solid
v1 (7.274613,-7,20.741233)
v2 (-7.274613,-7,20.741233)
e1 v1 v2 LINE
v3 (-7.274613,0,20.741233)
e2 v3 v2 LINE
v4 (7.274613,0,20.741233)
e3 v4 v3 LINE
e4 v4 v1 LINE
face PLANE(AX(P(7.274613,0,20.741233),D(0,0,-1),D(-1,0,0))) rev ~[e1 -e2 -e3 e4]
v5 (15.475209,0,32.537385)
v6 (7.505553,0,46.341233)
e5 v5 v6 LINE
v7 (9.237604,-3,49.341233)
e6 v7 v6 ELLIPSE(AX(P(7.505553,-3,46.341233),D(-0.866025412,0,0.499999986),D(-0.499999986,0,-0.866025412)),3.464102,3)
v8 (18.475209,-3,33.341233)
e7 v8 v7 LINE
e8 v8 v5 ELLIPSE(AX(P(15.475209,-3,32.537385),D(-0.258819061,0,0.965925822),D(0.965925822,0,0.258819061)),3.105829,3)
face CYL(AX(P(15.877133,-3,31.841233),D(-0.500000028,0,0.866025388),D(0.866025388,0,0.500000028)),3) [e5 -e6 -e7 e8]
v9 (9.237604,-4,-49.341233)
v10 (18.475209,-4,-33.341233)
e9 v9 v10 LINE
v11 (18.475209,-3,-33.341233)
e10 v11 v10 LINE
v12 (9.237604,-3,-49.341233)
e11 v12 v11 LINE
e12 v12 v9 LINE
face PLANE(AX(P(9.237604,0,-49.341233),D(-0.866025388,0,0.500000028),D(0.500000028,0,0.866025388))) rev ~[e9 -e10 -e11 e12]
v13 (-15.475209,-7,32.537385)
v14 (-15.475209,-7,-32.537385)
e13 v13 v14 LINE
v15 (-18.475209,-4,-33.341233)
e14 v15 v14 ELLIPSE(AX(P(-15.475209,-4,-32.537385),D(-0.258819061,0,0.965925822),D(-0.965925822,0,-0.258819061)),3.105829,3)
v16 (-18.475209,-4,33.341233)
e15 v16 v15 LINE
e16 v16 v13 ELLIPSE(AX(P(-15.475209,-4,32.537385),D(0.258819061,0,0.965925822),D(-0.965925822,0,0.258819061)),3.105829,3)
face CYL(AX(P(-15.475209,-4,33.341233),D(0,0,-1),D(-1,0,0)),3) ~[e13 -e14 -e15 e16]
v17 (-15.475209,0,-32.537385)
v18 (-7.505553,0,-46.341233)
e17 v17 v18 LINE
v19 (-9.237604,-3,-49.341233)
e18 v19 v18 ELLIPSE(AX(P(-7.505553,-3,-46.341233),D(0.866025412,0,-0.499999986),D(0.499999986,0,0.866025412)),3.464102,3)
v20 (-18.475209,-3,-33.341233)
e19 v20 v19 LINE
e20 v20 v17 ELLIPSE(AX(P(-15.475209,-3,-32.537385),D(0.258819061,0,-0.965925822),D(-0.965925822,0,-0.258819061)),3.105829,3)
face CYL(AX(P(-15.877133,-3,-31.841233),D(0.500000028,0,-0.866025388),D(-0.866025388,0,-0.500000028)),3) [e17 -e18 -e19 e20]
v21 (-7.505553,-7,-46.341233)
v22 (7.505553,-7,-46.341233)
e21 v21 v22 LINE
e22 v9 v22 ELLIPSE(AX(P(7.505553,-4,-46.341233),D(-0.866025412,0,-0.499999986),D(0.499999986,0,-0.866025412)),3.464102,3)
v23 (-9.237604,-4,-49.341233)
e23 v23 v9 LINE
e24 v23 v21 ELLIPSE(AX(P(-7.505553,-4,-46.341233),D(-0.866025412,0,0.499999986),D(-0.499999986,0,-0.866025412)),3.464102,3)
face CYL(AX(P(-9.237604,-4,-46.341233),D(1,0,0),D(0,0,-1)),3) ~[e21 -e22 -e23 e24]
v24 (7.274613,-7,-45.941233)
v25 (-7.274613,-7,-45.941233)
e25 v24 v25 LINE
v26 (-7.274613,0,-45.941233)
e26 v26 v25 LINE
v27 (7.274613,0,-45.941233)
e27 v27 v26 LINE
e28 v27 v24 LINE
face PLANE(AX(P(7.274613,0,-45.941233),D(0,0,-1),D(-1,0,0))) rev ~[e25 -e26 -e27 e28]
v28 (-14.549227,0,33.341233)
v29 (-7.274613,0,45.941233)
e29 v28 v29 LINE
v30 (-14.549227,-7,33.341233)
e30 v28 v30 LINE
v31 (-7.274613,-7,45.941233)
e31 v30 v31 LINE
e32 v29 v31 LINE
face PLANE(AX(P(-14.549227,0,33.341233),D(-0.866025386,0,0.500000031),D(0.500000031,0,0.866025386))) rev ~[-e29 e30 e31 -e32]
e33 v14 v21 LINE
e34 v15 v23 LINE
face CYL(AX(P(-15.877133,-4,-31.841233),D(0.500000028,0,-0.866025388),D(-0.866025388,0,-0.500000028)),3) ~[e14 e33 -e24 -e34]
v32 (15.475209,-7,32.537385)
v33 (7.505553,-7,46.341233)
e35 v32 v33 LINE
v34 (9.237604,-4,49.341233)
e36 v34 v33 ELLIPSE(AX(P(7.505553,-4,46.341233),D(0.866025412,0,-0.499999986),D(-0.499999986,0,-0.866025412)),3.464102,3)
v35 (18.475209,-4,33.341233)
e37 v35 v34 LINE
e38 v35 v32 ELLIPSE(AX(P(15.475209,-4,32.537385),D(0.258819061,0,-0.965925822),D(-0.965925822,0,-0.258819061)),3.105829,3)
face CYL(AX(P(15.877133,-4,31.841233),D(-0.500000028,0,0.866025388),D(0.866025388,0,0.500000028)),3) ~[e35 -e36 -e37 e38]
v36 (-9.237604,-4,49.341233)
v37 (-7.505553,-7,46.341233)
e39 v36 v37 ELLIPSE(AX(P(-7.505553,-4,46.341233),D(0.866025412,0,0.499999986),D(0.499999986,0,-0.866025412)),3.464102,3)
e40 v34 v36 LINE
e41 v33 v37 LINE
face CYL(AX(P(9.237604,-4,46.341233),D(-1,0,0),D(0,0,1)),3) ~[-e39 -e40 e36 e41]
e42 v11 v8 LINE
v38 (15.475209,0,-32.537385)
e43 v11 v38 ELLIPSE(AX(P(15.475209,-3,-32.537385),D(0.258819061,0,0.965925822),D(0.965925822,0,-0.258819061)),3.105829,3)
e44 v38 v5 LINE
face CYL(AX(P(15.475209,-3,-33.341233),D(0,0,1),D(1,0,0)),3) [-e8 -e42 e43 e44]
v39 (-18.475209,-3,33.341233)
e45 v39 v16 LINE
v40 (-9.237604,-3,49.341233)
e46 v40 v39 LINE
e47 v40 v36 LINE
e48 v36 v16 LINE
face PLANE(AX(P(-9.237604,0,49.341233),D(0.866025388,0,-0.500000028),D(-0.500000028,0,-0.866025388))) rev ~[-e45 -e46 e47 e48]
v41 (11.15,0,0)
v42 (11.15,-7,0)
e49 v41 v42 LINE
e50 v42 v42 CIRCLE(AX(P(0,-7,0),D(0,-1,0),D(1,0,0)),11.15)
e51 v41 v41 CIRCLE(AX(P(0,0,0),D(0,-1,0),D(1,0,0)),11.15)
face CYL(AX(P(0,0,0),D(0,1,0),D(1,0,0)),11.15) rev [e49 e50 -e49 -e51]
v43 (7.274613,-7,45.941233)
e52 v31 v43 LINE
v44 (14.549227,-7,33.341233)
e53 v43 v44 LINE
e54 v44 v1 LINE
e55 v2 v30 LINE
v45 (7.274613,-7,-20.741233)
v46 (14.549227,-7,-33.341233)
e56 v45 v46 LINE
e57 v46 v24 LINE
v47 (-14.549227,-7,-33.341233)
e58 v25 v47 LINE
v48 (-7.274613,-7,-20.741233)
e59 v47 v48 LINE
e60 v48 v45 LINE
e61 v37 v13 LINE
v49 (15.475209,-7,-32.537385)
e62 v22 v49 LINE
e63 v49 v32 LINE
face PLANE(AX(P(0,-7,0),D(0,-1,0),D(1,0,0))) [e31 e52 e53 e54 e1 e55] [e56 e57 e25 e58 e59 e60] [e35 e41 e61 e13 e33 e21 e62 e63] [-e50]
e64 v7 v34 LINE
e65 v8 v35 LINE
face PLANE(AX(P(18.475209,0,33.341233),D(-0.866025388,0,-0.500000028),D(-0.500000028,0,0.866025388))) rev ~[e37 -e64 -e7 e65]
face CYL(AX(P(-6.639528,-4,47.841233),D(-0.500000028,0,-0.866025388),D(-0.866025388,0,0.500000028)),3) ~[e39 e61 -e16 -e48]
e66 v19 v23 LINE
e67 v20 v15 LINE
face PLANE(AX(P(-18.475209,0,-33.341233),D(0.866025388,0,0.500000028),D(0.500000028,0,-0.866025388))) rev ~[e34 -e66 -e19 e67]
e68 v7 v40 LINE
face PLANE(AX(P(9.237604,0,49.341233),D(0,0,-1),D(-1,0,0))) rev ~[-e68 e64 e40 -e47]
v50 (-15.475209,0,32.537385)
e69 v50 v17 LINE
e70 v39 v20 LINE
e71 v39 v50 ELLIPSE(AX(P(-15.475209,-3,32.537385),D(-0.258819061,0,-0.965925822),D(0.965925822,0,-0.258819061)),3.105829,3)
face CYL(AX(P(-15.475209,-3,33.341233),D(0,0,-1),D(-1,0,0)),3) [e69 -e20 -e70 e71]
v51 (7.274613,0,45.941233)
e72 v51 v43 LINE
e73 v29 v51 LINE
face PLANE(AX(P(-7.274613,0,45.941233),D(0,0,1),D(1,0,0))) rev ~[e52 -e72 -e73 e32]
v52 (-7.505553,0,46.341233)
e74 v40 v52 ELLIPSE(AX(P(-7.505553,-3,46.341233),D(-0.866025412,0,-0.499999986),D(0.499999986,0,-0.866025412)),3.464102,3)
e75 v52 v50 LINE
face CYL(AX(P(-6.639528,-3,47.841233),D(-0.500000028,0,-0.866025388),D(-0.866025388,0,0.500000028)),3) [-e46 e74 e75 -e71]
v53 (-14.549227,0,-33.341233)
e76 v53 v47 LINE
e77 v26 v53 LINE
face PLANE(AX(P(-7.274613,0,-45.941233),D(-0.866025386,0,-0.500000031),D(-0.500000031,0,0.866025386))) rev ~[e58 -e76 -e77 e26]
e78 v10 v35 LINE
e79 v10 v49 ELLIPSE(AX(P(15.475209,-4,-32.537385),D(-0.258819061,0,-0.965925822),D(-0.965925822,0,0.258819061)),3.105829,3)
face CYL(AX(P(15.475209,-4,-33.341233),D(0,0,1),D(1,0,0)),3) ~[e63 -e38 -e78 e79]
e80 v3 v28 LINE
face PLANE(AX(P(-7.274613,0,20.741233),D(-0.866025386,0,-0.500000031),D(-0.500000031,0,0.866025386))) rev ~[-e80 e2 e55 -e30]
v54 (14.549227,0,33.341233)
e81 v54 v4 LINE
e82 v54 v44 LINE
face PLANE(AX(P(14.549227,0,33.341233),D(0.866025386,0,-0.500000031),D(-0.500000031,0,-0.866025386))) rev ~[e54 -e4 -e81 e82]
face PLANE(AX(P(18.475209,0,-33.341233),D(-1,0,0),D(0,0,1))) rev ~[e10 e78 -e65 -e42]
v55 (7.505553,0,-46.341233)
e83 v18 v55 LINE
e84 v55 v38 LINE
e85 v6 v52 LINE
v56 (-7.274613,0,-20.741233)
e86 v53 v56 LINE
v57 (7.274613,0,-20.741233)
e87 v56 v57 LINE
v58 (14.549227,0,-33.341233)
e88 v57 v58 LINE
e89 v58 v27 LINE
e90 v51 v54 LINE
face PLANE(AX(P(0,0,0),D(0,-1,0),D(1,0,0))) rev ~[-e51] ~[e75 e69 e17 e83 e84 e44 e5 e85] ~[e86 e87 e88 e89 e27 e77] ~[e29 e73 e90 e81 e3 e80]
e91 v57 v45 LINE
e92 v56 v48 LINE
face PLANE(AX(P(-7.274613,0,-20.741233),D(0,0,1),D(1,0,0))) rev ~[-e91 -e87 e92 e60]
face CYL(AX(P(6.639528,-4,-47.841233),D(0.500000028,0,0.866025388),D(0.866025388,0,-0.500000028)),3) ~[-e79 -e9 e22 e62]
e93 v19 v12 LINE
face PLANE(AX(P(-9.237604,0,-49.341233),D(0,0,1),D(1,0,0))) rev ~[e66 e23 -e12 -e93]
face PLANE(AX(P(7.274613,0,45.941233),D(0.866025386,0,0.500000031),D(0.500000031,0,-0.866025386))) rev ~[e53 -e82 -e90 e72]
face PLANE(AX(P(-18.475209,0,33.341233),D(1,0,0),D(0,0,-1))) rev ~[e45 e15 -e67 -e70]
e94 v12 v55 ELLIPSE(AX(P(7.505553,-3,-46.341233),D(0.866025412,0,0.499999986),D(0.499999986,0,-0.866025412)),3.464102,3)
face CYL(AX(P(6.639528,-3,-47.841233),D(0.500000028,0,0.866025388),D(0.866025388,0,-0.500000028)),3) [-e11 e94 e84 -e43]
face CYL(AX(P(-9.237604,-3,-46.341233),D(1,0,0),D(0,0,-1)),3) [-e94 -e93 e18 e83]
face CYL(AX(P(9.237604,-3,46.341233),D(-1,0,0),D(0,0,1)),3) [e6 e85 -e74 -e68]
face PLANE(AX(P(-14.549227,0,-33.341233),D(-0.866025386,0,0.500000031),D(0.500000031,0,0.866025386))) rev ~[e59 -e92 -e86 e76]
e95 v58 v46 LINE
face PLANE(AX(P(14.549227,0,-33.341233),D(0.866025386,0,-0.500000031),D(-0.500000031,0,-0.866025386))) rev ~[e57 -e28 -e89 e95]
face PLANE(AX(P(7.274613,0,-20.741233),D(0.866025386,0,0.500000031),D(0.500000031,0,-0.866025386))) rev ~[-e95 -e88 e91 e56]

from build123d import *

# Parameters (mm, degrees)
F0_R     = 14.5
F0_R_2   = 11.15
F1_DEPTH = 7
F2_R     = 3


with BuildPart() as f1:
    # F0 (on Front) → F1 (new body)
    with BuildSketch(Plane.XZ):
        Polygon((18.475209, 33.341233), (9.237604, 17.341233), (-9.237604, 17.341233), (-18.475209, 33.341233), (-18.475209, -33.341233), (-9.237604, -17.341233), (9.237604, -17.341233), (18.475209, -33.341233), align=None)
        Circle(F0_R, mode=Mode.SUBTRACT)
        Polygon((-9.237604, 17.341233), (9.237604, 17.341233), (18.475209, 33.341233), (9.237604, 49.341233), (-9.237604, 49.341233), (-18.475209, 33.341233), align=None)
        Polygon((14.549227, 33.341233), (7.274613, 20.741233), (-7.274613, 20.741233), (-14.549227, 33.341233), (-7.274613, 45.941233), (7.274613, 45.941233), align=None, mode=Mode.SUBTRACT)
        Polygon((9.237604, -49.341233), (18.475209, -33.341233), (9.237604, -17.341233), (-9.237604, -17.341233), (-18.475209, -33.341233), (-9.237604, -49.341233), align=None)
        Polygon((-14.549227, -33.341233), (-7.274613, -20.741233), (7.274613, -20.741233), (14.549227, -33.341233), (7.274613, -45.941233), (-7.274613, -45.941233), align=None, mode=Mode.SUBTRACT)
        Circle(F0_R)
        Circle(F0_R_2, mode=Mode.SUBTRACT)
    extrude(amount=F1_DEPTH)

    # F2
    f2_edges = [f1.edges().sort_by_distance(p)[0] for p in [
        (-13.856406, -7, 41.341233),
        (0, -7, 49.341233),
        (13.856406, -7, 41.341233),
        (18.475209, -7, 0),
        (-18.475209, -7, 0),
        (-13.856406, -7, -41.341233),
        (0, -7, -49.341233),
        (13.856406, -7, -41.341233),
        (0, 0, -49.341233),
        (13.856406, 0, -41.341233),
        (18.475209, 0, 0),
        (-18.475209, 0, 0),
        (-13.856406, 0, 41.341233),
        (0, 0, 49.341233),
        (13.856406, 0, 41.341233),
        (-13.856406, 0, -41.341233),
    ]]
    fillet(f2_edges, radius=F2_R)


solid = f1.part
